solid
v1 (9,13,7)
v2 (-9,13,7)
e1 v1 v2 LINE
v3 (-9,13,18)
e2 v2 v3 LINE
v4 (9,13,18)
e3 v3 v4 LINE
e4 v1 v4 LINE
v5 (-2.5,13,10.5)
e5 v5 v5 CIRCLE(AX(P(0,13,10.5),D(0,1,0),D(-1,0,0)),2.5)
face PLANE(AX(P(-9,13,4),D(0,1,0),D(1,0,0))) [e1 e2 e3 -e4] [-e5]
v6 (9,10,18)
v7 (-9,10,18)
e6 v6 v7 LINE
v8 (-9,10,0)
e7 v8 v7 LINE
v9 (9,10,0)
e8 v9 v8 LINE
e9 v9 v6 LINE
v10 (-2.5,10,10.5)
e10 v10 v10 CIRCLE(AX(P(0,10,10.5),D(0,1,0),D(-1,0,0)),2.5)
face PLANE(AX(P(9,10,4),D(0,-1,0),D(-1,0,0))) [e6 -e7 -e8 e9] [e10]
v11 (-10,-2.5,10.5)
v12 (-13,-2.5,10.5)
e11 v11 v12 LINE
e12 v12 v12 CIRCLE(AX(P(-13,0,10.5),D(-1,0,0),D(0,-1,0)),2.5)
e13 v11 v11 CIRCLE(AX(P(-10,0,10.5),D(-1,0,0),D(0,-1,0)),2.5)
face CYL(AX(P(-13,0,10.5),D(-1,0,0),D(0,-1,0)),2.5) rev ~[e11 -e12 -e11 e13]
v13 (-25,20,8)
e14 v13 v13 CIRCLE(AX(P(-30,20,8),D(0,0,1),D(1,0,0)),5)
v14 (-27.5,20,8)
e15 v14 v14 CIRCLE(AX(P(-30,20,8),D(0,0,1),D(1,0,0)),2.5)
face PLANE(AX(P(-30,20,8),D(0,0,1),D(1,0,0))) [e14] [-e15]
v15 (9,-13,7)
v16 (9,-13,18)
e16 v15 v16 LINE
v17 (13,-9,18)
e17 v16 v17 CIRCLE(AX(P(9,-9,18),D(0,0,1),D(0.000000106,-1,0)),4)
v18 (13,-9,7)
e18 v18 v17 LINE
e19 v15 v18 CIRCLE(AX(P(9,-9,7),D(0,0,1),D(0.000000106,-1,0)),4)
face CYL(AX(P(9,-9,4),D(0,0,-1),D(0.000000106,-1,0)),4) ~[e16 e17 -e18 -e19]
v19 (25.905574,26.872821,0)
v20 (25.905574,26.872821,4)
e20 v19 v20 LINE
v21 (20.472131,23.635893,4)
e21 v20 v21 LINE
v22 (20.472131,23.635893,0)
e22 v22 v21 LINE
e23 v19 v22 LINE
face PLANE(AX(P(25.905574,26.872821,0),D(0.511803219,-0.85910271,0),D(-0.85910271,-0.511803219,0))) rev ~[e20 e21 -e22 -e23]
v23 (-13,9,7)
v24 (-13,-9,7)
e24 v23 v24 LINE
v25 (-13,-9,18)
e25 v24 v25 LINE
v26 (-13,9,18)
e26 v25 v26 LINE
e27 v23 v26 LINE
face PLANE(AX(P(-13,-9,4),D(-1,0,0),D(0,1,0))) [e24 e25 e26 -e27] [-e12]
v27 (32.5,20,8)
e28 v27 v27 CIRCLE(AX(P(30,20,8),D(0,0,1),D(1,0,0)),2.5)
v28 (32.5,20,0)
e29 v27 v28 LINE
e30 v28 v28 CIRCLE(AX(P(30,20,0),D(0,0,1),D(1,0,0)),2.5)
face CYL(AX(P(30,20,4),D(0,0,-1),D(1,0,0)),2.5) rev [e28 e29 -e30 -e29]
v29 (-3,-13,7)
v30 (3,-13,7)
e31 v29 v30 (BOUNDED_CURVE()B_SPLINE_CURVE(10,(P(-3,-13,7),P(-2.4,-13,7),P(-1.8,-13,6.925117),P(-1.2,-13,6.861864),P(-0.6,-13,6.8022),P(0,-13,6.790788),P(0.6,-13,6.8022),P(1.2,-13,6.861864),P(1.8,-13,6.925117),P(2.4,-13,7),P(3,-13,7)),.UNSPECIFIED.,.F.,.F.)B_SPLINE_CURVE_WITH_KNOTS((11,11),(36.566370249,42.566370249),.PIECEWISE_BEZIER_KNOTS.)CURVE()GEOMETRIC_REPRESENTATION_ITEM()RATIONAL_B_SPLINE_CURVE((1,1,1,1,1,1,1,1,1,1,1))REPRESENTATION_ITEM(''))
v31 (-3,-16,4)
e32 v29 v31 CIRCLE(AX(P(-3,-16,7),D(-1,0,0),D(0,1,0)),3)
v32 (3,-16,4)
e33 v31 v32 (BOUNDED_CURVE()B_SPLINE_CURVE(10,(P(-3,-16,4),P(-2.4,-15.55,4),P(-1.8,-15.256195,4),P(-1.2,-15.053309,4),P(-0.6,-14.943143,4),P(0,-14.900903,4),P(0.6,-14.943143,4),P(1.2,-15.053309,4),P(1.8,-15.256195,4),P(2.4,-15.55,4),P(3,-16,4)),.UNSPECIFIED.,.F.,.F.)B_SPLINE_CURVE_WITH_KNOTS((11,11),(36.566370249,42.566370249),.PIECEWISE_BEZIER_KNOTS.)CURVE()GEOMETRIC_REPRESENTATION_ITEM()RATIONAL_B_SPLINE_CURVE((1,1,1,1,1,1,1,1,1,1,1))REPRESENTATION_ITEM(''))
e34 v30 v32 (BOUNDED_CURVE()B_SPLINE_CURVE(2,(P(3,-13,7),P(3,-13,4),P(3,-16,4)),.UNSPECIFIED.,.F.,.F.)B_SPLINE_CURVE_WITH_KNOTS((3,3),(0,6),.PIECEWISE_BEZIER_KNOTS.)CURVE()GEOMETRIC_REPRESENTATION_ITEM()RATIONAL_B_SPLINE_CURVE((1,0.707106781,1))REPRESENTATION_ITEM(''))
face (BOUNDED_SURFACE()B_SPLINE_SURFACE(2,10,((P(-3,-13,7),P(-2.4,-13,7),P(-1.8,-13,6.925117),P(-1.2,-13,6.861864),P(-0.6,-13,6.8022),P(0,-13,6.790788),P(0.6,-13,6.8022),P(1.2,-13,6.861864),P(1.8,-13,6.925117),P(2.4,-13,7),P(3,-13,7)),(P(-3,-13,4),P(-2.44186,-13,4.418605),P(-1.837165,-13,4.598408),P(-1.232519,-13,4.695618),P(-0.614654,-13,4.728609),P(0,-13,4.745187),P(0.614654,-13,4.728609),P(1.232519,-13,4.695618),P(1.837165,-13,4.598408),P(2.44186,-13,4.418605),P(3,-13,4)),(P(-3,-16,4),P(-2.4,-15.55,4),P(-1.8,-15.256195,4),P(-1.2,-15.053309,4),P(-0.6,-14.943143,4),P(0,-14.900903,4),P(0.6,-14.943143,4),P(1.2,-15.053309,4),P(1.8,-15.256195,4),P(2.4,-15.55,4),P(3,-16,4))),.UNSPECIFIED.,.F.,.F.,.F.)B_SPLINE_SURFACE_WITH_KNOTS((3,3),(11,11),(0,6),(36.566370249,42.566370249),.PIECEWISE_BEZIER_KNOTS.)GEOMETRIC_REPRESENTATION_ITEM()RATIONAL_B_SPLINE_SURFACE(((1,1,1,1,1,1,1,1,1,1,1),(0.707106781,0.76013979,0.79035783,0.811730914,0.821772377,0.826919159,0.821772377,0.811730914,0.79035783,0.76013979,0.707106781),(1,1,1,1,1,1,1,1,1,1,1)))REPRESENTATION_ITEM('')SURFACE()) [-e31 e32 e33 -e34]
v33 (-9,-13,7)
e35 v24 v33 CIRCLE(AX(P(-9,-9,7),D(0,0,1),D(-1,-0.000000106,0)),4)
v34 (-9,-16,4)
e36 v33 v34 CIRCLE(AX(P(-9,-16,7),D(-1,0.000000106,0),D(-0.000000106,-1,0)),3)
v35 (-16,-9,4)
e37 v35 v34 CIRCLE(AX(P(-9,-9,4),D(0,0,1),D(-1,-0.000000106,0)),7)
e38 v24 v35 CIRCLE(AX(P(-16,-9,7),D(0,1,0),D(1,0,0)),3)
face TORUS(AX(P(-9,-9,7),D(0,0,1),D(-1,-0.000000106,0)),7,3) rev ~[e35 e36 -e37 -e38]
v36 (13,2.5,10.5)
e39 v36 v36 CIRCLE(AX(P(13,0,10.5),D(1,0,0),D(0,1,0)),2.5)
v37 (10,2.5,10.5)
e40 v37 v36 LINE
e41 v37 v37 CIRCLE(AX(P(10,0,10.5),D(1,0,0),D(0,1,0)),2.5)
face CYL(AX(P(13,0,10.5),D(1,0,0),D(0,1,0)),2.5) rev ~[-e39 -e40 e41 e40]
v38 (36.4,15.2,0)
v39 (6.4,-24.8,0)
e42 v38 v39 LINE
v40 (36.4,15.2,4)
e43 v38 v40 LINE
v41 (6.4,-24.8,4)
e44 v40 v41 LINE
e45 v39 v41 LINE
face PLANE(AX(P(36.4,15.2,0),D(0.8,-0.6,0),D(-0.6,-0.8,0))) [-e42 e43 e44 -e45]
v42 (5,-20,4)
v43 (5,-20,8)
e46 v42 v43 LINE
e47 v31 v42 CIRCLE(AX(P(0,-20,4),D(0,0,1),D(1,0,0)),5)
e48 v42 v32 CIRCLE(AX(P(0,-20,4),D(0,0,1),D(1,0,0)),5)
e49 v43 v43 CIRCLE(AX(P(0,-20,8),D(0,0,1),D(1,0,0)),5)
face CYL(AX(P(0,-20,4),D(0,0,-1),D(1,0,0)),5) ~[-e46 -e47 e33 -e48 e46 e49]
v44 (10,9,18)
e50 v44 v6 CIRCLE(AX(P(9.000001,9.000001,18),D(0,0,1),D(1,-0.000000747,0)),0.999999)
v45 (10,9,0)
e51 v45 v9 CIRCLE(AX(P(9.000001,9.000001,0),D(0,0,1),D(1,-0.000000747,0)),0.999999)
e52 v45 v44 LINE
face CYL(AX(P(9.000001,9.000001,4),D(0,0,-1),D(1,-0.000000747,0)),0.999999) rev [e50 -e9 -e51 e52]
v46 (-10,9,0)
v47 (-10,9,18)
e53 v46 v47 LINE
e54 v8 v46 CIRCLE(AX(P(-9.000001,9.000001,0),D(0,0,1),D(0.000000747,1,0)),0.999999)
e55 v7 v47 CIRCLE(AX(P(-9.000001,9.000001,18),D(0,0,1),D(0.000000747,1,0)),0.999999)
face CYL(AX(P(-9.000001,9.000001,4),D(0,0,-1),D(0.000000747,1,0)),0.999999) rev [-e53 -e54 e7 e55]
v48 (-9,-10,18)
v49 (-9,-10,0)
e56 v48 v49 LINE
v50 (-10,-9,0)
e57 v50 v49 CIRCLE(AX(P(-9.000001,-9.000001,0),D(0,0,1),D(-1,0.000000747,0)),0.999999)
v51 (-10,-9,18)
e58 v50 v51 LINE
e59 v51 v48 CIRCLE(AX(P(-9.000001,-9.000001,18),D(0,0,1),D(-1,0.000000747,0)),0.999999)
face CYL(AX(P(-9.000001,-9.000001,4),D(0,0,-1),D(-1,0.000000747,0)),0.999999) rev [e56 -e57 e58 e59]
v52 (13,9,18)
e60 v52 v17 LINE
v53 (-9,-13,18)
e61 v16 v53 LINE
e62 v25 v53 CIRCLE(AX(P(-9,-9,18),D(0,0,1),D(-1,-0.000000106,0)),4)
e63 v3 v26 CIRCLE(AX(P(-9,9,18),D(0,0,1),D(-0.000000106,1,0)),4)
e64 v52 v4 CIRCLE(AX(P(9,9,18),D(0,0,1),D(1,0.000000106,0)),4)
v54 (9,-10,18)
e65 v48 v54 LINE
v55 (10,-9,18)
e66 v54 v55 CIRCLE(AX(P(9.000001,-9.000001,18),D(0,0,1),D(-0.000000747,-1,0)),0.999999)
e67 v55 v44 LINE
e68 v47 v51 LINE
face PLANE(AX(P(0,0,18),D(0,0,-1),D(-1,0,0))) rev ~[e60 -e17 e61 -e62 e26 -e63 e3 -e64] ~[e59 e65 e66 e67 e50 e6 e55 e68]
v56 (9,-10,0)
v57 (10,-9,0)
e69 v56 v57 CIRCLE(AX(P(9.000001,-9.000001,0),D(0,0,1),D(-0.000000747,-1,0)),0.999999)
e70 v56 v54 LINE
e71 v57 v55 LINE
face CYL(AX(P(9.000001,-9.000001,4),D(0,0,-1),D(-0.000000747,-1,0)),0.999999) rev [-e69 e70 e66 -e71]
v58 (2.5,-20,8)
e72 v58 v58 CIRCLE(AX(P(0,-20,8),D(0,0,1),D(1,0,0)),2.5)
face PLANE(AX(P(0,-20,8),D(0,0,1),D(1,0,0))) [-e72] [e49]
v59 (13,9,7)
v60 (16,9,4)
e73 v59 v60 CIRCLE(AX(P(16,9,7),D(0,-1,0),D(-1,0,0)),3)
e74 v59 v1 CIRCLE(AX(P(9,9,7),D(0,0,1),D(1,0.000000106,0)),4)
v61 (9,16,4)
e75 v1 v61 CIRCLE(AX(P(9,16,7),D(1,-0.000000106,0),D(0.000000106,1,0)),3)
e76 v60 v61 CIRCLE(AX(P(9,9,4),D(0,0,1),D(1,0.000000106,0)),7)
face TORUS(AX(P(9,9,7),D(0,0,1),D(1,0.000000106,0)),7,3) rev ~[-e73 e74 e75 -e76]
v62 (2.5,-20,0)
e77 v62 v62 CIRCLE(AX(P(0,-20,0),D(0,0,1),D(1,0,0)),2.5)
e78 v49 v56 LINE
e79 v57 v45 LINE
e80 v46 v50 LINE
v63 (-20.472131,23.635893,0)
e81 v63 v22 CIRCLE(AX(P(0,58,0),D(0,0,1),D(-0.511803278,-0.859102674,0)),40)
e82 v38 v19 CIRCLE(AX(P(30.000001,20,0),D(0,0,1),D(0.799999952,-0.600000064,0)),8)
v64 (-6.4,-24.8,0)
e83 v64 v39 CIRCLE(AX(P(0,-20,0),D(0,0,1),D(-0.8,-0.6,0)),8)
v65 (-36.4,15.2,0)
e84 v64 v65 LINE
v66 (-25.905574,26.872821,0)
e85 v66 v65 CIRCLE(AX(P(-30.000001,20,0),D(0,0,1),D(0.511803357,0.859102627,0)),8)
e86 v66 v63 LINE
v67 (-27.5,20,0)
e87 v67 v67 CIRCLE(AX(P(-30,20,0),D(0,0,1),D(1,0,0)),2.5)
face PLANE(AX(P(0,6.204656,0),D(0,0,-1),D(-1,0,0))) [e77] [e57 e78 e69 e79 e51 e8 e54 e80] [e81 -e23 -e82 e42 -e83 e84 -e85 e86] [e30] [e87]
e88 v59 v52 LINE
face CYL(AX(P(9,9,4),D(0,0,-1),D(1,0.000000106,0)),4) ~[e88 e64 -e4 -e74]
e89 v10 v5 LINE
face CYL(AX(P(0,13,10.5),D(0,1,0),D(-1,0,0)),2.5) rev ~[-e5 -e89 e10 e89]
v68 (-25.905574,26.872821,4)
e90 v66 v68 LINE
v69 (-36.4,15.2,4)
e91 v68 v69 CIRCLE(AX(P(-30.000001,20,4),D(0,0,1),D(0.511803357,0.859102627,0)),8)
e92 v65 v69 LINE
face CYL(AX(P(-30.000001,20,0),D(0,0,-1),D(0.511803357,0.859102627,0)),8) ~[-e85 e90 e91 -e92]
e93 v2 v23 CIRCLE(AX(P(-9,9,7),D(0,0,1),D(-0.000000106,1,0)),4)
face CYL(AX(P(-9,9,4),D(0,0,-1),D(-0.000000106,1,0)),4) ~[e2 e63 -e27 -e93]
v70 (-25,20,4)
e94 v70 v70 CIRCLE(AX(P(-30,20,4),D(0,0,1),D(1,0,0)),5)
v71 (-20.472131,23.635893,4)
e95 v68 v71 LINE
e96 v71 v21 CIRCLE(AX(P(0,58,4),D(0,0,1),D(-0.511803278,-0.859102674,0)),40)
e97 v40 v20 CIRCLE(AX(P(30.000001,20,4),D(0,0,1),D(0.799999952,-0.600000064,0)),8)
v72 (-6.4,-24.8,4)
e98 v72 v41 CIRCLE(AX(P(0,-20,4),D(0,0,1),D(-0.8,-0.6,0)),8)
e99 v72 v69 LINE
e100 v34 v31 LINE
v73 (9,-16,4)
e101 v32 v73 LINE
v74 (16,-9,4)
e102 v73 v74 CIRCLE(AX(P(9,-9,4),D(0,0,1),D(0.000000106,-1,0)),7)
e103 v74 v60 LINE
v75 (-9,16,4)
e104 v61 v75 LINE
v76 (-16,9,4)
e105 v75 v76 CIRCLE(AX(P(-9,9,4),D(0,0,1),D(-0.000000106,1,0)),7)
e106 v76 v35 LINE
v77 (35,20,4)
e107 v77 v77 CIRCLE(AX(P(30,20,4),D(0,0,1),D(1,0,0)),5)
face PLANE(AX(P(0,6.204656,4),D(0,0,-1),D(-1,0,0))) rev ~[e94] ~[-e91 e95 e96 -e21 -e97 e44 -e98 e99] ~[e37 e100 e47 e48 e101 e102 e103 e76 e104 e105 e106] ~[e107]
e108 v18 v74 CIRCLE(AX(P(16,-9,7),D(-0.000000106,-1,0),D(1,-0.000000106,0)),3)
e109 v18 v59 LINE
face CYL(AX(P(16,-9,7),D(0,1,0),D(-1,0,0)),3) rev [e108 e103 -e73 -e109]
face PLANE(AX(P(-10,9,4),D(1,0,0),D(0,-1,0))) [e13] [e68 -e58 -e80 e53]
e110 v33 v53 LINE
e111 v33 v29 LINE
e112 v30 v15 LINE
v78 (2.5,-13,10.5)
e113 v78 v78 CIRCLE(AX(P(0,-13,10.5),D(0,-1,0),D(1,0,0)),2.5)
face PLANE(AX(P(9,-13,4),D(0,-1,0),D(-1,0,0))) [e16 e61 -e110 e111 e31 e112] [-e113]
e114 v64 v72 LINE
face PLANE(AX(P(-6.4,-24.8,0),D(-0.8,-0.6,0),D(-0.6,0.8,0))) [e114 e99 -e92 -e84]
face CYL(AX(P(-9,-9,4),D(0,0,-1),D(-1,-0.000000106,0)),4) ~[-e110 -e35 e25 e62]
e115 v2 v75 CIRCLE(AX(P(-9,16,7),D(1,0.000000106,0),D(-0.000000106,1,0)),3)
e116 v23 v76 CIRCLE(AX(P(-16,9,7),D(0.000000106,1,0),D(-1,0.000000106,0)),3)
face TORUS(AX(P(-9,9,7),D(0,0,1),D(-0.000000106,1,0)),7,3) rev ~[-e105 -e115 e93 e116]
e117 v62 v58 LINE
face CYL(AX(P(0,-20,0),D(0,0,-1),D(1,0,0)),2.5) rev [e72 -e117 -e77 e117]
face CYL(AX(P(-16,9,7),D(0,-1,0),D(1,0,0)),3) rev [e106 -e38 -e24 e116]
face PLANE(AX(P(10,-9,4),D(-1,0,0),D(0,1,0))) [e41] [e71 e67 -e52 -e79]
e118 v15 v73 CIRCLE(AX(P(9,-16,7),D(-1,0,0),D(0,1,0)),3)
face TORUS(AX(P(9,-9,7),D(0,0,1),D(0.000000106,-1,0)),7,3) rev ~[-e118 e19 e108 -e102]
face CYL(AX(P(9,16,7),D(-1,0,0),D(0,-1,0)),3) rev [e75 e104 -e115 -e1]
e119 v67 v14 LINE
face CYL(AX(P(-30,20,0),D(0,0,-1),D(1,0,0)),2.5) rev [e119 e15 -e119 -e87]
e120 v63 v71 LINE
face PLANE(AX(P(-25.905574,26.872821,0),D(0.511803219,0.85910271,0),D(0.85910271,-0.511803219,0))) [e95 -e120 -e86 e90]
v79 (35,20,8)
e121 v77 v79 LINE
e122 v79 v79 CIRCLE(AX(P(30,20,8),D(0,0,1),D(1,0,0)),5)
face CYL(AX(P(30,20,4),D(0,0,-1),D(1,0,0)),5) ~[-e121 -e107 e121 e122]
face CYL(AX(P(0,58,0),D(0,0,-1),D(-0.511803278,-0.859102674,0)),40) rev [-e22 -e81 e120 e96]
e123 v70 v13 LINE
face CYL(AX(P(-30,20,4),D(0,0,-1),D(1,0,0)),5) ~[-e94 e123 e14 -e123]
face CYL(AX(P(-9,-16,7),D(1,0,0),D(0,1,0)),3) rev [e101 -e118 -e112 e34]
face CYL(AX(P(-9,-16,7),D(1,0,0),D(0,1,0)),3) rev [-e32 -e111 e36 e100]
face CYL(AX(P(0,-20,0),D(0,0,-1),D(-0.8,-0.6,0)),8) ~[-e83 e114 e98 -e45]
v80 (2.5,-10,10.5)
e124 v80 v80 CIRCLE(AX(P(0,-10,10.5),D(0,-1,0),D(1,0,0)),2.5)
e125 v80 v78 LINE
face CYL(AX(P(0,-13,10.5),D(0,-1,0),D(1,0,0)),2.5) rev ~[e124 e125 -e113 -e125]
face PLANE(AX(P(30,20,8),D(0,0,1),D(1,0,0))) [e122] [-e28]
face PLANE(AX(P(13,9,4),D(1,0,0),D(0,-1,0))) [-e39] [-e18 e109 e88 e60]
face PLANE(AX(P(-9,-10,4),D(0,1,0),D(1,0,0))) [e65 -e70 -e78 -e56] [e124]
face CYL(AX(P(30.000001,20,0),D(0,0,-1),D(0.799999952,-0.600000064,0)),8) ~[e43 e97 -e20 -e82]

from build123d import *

# Parameters (mm, degrees)
SKETCH086_R           = 2.5
PAD028_DEPTH          = 4
PAD029_DEPTH          = 14
SKETCH088_R           = 2.5
POCKET028_DEPTH       = 4.5
POLARPATTERN014_COUNT = 4
SKETCH089_R           = 5
SKETCH089_R_2         = 2.5
PAD030_DEPTH          = 4
FILLET_R              = 3


with BuildPart() as part:
    # Sketch086 → Pad028 (new body)
    with BuildSketch(Plane.XY):
        with BuildLine():
            Line((36.4, 15.2), (6.4, -24.8))
            ThreePointArc((-6.4, -24.8), (0, -28), (6.4, -24.8))
            Line((-6.4, -24.8), (-36.4, 15.2))
            ThreePointArc((-25.905574, 26.872821), (-35.949169, 25.348588), (-36.4, 15.2))
            Line((-25.905574, 26.872821), (-20.472131, 23.635893))
            ThreePointArc((-20.472131, 23.635893), (0, 18), (20.472131, 23.635893))
            Line((25.905574, 26.872821), (20.472131, 23.635893))
            ThreePointArc((36.4, 15.2), (35.949169, 25.348588), (25.905574, 26.872821))
        make_face()
        with Locations((30, 20)):
            Circle(SKETCH086_R, mode=Mode.SUBTRACT)
        with Locations((-30, 20)):
            Circle(SKETCH086_R, mode=Mode.SUBTRACT)
        with Locations((0, -20)):
            Circle(SKETCH086_R, mode=Mode.SUBTRACT)
        with BuildLine():
            Line((-9, -10), (9, -10))
            ThreePointArc((9, -10), (9.707107, -9.707107), (10, -9))
            Line((10, -9), (10, 9))
            ThreePointArc((10, 9), (9.707107, 9.707107), (9, 10))
            Line((9, 10), (-9, 10))
            ThreePointArc((-9, 10), (-9.707107, 9.707107), (-10, 9))
            Line((-10, 9), (-10, -9))
            ThreePointArc((-10, -9), (-9.707107, -9.707107), (-9, -10))
        make_face(mode=Mode.SUBTRACT)
    extrude(amount=PAD028_DEPTH)

    # Sketch087 (on Face21 of Pad028) → Pad029 (join)
    with BuildSketch(Plane.XY.offset(4)):
        with BuildLine():
            Line((-9, 13), (9, 13))
            ThreePointArc((13, 9), (11.828427, 11.828427), (9, 13))
            Line((13, 9), (13, -9))
            ThreePointArc((9, -13), (11.828427, -11.828427), (13, -9))
            Line((9, -13), (-9, -13))
            ThreePointArc((-13, -9), (-11.828427, -11.828427), (-9, -13))
            Line((-13, -9), (-13, 9))
            ThreePointArc((-9, 13), (-11.828427, 11.828427), (-13, 9))
        make_face()
        with BuildLine():
            Line((-9, -10), (9, -10))
            ThreePointArc((9, -10), (9.707107, -9.707107), (10, -9))
            Line((10, -9), (10, 9))
            ThreePointArc((10, 9), (9.707107, 9.707107), (9, 10))
            Line((9, 10), (-9, 10))
            ThreePointArc((-9, 10), (-9.707107, 9.707107), (-10, 9))
            Line((-10, 9), (-10, -9))
            ThreePointArc((-10, -9), (-9.707107, -9.707107), (-9, -10))
        make_face(mode=Mode.SUBTRACT)
    extrude(amount=PAD029_DEPTH)

    # Sketch088 → Pocket028 (cut, symmetric)
    with BuildSketch(Plane(origin=(0, 13, 0), x_dir=(-1, 0, 0), z_dir=(0, 1, 0))):
        with Locations((0, 10.5)):
            Circle(SKETCH088_R)
    pocket028 = extrude(amount=POCKET028_DEPTH, both=True, mode=Mode.SUBTRACT)

    # PolarPattern014: Pocket028 ×4 about axis
    polarpattern014_axis = Axis((0, 0, 0), (0, 0, 1))
    for i in range(1, POLARPATTERN014_COUNT):
        add(pocket028.rotate(polarpattern014_axis, i * 360 / POLARPATTERN014_COUNT), mode=Mode.SUBTRACT)

    # Sketch089 (on Face1 of PolarPattern014) → Pad030 (join)
    with BuildSketch(Plane.XY.offset(4)):
        with Locations((30, 20)):
            Circle(SKETCH089_R)
        with Locations((30, 20)):
            Circle(SKETCH089_R_2, mode=Mode.SUBTRACT)
        with Locations((-30, 20)):
            Circle(SKETCH089_R)
        with Locations((-30, 20)):
            Circle(SKETCH089_R_2, mode=Mode.SUBTRACT)
        with Locations((0, -20)):
            Circle(SKETCH089_R)
        with Locations((0, -20)):
            Circle(SKETCH089_R_2, mode=Mode.SUBTRACT)
    extrude(amount=PAD030_DEPTH)

    # Fillet
    fillet_edges = [part.edges().sort_by_distance(p)[0] for p in [
        (-11.828427, 11.828427, 4),
    ]]
    fillet(fillet_edges, radius=FILLET_R)


solid = part.part
